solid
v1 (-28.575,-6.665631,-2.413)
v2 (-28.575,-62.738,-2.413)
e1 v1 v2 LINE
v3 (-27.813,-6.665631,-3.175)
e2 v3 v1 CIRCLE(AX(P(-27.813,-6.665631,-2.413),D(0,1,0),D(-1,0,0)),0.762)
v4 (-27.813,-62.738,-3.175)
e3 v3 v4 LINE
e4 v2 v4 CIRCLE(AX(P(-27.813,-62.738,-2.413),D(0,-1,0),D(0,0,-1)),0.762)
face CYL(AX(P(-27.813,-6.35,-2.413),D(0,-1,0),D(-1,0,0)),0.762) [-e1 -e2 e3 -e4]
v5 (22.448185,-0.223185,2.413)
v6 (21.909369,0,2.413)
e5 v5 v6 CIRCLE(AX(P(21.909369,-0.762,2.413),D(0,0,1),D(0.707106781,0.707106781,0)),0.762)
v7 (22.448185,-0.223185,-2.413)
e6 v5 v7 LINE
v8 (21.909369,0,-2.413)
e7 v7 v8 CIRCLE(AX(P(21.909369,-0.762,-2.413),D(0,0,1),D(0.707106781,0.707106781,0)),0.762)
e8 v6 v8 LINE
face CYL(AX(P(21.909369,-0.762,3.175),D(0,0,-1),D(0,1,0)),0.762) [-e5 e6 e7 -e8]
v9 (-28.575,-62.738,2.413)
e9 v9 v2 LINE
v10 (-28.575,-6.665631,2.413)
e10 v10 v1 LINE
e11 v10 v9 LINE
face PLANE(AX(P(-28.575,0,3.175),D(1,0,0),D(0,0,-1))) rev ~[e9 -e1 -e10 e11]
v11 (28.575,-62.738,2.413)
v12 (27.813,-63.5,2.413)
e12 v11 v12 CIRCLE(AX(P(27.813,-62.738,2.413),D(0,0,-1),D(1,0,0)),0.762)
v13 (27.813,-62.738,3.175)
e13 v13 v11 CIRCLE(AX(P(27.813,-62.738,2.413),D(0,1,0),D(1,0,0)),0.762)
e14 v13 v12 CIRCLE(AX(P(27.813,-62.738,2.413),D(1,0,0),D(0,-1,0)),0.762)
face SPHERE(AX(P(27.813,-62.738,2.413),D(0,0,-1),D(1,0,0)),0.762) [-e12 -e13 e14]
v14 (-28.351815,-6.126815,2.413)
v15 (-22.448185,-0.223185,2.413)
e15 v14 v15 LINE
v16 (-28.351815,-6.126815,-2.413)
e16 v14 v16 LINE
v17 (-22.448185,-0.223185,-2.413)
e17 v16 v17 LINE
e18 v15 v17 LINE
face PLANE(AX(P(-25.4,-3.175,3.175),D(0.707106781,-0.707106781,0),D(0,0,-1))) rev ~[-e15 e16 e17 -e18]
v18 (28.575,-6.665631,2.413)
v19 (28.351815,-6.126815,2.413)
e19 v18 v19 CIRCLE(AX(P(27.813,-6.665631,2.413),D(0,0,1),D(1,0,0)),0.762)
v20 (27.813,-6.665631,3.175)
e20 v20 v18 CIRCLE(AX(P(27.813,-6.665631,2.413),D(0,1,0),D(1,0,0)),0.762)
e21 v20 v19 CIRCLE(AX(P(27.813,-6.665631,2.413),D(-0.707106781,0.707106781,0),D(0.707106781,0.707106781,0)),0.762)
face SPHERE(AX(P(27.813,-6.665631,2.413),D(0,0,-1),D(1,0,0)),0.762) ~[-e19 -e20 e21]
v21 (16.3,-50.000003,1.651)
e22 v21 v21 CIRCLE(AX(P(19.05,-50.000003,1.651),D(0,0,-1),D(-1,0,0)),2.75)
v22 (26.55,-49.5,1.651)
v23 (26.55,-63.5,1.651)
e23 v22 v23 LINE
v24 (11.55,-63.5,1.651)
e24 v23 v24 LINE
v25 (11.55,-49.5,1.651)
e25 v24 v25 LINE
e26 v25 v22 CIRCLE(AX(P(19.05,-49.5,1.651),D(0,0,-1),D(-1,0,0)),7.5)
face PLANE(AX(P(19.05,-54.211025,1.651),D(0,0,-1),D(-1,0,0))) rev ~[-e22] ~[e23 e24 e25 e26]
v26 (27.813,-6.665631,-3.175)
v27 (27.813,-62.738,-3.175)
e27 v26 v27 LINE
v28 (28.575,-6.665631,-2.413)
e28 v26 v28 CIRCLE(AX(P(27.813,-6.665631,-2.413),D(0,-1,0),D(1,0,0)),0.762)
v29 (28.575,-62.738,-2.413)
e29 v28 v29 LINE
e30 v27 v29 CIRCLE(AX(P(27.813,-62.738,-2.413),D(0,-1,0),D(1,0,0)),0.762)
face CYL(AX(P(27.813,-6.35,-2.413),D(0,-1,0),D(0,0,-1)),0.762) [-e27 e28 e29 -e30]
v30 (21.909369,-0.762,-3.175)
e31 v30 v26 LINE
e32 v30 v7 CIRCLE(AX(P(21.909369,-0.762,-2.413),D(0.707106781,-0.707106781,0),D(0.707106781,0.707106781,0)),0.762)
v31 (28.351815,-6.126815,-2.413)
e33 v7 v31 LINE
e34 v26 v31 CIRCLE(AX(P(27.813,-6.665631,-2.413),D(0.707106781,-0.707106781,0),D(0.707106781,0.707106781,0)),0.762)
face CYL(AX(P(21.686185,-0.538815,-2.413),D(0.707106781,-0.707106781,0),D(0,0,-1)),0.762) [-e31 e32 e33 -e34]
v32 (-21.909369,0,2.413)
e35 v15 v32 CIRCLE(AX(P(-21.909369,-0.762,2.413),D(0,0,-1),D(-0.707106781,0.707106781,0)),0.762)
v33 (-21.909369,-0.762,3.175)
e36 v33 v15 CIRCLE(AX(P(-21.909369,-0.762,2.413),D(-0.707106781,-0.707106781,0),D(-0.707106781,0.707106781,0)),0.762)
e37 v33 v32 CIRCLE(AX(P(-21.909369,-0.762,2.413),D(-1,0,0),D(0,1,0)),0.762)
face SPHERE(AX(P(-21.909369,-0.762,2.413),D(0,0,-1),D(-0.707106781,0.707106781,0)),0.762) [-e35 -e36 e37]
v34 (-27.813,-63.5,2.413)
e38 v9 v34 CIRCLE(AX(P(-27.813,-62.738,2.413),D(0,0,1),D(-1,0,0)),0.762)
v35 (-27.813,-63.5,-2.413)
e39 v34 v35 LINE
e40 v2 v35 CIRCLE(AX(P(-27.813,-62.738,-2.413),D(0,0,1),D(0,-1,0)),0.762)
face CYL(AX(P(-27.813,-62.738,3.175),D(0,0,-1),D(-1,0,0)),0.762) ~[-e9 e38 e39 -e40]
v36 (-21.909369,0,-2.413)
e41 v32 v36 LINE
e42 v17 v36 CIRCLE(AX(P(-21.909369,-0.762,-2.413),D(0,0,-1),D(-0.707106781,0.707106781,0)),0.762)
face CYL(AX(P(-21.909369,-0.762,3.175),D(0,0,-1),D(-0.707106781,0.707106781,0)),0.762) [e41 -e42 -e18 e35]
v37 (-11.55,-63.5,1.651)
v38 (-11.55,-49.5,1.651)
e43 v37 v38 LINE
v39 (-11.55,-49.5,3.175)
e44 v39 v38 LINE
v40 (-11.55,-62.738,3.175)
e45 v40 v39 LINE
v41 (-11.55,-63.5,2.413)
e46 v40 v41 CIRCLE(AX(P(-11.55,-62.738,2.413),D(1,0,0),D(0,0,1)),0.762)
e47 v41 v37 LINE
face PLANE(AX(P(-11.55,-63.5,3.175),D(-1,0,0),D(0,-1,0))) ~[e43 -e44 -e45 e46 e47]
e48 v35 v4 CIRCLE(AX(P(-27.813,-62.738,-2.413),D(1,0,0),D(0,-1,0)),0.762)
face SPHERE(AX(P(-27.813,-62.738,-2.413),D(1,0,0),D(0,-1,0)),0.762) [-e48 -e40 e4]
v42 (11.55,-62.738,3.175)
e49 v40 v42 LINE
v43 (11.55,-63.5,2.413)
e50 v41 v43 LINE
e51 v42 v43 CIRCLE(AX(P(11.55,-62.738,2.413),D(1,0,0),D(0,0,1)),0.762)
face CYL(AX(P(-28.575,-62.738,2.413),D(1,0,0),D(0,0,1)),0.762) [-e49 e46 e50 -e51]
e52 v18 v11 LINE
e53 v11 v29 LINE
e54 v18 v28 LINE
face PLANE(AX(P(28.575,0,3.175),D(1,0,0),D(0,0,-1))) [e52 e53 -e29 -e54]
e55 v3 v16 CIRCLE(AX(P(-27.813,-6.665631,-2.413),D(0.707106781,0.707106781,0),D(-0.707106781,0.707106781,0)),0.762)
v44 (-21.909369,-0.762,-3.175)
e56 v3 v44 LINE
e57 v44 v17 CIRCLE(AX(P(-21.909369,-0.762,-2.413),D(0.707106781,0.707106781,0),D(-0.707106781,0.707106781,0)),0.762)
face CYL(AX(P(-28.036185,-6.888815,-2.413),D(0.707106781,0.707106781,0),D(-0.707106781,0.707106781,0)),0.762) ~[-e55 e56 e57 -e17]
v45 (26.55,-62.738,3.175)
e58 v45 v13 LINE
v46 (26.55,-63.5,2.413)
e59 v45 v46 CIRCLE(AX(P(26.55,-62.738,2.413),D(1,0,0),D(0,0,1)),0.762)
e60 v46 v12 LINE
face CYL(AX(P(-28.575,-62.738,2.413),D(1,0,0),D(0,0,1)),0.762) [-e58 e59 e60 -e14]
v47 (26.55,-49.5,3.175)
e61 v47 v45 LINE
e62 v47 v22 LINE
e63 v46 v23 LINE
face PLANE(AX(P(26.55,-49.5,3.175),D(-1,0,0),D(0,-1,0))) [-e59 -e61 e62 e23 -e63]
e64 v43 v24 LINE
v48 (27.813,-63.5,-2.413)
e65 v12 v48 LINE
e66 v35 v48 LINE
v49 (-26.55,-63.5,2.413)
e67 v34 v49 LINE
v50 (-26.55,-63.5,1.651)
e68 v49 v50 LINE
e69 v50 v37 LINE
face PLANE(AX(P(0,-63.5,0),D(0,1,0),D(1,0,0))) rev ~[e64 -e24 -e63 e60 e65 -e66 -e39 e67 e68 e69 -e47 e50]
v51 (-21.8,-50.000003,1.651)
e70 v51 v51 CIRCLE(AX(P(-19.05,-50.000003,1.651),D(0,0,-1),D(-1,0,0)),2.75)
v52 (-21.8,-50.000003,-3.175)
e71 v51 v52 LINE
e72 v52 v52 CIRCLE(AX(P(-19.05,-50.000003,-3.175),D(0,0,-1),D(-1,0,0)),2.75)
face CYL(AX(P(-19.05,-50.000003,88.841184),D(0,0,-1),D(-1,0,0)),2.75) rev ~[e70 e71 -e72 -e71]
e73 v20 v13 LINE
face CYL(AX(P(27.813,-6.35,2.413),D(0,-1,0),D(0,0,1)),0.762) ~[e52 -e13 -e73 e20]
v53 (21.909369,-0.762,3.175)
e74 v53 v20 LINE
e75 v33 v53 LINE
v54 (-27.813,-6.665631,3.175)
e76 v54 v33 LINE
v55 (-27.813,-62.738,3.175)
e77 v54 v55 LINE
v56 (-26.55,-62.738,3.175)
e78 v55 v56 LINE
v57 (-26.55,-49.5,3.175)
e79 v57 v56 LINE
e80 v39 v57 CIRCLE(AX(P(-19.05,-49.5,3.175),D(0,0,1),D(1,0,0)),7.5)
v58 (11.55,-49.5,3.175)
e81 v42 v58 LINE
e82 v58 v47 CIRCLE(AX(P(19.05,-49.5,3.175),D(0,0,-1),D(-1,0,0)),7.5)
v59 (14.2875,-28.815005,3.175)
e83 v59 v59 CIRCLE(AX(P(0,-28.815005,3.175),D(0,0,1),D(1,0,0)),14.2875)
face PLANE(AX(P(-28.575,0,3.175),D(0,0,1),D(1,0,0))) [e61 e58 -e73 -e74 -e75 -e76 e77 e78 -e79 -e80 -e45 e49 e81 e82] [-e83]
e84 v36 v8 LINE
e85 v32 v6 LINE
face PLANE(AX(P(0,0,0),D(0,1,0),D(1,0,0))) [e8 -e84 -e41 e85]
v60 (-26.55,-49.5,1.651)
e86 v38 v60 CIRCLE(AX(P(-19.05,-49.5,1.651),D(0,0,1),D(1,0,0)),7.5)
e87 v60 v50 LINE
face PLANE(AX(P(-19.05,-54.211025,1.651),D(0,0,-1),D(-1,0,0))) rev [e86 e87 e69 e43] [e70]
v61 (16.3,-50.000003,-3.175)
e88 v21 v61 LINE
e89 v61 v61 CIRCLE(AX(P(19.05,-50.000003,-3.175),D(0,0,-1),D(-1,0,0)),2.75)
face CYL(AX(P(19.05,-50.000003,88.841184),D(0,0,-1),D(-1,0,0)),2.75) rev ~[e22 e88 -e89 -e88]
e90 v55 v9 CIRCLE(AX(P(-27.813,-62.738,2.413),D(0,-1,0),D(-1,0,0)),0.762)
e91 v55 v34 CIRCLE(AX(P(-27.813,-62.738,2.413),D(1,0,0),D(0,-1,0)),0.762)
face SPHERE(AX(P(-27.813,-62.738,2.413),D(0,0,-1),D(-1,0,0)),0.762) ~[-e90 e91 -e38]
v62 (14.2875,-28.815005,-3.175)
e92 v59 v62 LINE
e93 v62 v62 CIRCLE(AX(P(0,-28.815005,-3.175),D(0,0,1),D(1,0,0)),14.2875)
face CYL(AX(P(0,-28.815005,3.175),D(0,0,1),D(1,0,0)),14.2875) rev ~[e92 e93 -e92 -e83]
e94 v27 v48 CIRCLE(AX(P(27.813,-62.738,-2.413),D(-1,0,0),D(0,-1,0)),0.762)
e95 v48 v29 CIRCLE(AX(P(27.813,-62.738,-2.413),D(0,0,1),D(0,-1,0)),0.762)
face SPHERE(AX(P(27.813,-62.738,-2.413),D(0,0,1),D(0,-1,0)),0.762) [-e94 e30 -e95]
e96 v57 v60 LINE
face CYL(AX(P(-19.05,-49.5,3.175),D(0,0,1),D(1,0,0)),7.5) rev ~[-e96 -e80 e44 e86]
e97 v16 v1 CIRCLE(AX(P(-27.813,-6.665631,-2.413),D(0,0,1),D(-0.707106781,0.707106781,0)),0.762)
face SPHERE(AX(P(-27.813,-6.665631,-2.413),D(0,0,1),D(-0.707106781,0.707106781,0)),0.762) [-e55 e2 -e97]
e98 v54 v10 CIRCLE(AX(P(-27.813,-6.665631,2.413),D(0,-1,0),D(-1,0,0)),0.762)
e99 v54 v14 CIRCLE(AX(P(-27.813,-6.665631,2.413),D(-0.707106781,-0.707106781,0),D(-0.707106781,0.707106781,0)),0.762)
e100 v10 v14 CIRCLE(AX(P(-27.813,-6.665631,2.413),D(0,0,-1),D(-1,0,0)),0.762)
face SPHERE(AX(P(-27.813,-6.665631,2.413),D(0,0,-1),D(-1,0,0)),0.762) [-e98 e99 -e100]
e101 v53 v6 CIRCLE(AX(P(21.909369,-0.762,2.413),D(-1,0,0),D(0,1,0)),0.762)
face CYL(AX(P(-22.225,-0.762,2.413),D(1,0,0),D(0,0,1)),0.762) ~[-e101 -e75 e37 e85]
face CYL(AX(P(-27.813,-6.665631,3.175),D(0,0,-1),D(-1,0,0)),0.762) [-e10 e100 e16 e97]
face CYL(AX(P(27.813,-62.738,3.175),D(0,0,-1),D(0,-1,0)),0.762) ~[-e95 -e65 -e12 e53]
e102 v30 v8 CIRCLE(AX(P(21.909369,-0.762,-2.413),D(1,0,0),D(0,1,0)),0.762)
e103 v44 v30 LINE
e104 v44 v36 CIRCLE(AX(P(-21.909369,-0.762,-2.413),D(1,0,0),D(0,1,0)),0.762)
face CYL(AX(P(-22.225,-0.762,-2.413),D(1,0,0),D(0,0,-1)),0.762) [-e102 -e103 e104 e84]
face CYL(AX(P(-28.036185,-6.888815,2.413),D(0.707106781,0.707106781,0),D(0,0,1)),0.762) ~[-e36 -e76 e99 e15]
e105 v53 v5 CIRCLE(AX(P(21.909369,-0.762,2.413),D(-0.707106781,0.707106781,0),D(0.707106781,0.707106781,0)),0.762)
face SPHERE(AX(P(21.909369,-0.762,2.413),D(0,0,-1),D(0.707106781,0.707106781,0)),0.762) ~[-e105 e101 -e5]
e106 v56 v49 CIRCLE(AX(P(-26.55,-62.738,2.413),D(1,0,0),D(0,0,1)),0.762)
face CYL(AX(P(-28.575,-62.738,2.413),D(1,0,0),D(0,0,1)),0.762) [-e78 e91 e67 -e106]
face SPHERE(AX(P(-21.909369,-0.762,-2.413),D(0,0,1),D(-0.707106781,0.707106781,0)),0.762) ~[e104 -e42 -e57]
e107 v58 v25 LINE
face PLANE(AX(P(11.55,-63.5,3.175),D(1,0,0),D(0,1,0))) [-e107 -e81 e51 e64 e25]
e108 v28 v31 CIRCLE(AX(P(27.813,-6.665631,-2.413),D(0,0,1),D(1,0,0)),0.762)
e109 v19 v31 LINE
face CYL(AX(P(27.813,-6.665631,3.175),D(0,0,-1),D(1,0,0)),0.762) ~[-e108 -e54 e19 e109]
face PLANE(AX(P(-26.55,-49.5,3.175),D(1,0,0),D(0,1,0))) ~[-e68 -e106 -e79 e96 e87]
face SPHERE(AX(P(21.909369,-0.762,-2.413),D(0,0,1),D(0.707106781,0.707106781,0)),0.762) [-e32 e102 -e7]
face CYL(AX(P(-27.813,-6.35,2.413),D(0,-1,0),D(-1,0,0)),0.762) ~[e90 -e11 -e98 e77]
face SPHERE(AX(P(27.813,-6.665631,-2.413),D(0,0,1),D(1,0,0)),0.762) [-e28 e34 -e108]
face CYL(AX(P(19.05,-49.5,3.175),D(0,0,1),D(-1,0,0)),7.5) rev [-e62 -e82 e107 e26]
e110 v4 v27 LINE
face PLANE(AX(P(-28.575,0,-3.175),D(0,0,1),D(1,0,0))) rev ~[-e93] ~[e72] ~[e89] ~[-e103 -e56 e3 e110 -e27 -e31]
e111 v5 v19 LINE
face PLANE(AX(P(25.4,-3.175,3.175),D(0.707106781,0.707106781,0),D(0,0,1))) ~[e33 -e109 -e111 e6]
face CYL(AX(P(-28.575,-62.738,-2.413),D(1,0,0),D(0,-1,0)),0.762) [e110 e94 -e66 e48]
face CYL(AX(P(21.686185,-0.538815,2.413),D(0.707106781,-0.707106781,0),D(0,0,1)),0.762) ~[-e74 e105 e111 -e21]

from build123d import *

# Parameters (mm, degrees)
SKETCH2_W            = 57.15
SKETCH2_H            = 6.35
BOSS_EXTRUDE1_DEPTH  = 63.5
SKETCH3_R            = 14.2875
CUT_EXTRUDE1_DEPTH   = 70.922121857
CHAMFER1_SIZE        = 6.35
M5_CLEARANCE_HOLE1_D = 5.5
FILLET1_R            = 0.762
CUT_EXTRUDE4_DEPTH   = 1.524


with BuildPart() as part:
    # Sketch2 → Boss-Extrude1 (new body)
    with BuildSketch(Plane(origin=(0, 0, 0), x_dir=(1, 0, 0), z_dir=(0, 1, 0))):
        Rectangle(SKETCH2_W, SKETCH2_H)
    extrude(amount=-BOSS_EXTRUDE1_DEPTH)

    # Sketch3 → Cut-Extrude1 (cut, through all)
    with BuildSketch(Plane.XY.offset(3.175)):
        with Locations((0, -28.8150046)):
            Circle(SKETCH3_R)
    extrude(amount=-CUT_EXTRUDE1_DEPTH, mode=Mode.SUBTRACT)

    # Chamfer1
    chamfer1_edges = [part.edges().sort_by_distance(p)[0] for p in [
        (28.575, 0, 0),
        (-28.575, 0, 0),
    ]]
    chamfer(chamfer1_edges, length=CHAMFER1_SIZE)

    # M5 Clearance Hole1 (through all)
    with Locations(Plane.XY.offset(3.175)):
        with Locations((-19.05, -50.000003124), (19.05, -50.000003124)):
            Hole(M5_CLEARANCE_HOLE1_D / 2)

    # Fillet1
    fillet1_edges = [part.edges().sort_by_distance(p)[0] for p in [
        (28.575, -63.5, 0),
        (0, -63.5, -3.175),
        (0, 0, 3.175),
        (0, 0, -3.175),
        (22.225, 0, 0),
        (-22.225, 0, 0),
        (25.4, -3.175, 3.175),
        (-25.4, -3.175, 3.175),
        (-28.575, -6.35, 0),
        (25.4, -3.175, -3.175),
        (-25.4, -3.175, -3.175),
        (28.575, -6.35, 0),
        (-28.575, -63.5, 0),
        (-28.575, -34.925, -3.175),
        (28.575, -34.925, -3.175),
        (28.575, -34.925, 3.175),
        (-28.575, -34.925, 3.175),
        (0, -63.5, 3.175),
    ]]
    fillet(fillet1_edges, radius=FILLET1_R)

    # Sketch8 → Cut-Extrude4 (cut)
    with BuildSketch(Plane.XY.offset(3.175)):
        with BuildLine():
            Line((11.55, -63.5), (11.55, -49.5))
            ThreePointArc((11.55, -49.5), (19.05, -42), (26.55, -49.5))
            Line((26.55, -49.5), (26.55, -63.5))
            Line((26.55, -63.5), (11.55, -63.5))
        make_face()
    cut_extrude4 = extrude(amount=-CUT_EXTRUDE4_DEPTH, mode=Mode.SUBTRACT)

    # Mirror1: Cut-Extrude4 across plane
    add(cut_extrude4.mirror(Plane(origin=(0, 0, 0), x_dir=(0, 0, 1), z_dir=(1, 0, 0))), mode=Mode.SUBTRACT)


solid = part.part
